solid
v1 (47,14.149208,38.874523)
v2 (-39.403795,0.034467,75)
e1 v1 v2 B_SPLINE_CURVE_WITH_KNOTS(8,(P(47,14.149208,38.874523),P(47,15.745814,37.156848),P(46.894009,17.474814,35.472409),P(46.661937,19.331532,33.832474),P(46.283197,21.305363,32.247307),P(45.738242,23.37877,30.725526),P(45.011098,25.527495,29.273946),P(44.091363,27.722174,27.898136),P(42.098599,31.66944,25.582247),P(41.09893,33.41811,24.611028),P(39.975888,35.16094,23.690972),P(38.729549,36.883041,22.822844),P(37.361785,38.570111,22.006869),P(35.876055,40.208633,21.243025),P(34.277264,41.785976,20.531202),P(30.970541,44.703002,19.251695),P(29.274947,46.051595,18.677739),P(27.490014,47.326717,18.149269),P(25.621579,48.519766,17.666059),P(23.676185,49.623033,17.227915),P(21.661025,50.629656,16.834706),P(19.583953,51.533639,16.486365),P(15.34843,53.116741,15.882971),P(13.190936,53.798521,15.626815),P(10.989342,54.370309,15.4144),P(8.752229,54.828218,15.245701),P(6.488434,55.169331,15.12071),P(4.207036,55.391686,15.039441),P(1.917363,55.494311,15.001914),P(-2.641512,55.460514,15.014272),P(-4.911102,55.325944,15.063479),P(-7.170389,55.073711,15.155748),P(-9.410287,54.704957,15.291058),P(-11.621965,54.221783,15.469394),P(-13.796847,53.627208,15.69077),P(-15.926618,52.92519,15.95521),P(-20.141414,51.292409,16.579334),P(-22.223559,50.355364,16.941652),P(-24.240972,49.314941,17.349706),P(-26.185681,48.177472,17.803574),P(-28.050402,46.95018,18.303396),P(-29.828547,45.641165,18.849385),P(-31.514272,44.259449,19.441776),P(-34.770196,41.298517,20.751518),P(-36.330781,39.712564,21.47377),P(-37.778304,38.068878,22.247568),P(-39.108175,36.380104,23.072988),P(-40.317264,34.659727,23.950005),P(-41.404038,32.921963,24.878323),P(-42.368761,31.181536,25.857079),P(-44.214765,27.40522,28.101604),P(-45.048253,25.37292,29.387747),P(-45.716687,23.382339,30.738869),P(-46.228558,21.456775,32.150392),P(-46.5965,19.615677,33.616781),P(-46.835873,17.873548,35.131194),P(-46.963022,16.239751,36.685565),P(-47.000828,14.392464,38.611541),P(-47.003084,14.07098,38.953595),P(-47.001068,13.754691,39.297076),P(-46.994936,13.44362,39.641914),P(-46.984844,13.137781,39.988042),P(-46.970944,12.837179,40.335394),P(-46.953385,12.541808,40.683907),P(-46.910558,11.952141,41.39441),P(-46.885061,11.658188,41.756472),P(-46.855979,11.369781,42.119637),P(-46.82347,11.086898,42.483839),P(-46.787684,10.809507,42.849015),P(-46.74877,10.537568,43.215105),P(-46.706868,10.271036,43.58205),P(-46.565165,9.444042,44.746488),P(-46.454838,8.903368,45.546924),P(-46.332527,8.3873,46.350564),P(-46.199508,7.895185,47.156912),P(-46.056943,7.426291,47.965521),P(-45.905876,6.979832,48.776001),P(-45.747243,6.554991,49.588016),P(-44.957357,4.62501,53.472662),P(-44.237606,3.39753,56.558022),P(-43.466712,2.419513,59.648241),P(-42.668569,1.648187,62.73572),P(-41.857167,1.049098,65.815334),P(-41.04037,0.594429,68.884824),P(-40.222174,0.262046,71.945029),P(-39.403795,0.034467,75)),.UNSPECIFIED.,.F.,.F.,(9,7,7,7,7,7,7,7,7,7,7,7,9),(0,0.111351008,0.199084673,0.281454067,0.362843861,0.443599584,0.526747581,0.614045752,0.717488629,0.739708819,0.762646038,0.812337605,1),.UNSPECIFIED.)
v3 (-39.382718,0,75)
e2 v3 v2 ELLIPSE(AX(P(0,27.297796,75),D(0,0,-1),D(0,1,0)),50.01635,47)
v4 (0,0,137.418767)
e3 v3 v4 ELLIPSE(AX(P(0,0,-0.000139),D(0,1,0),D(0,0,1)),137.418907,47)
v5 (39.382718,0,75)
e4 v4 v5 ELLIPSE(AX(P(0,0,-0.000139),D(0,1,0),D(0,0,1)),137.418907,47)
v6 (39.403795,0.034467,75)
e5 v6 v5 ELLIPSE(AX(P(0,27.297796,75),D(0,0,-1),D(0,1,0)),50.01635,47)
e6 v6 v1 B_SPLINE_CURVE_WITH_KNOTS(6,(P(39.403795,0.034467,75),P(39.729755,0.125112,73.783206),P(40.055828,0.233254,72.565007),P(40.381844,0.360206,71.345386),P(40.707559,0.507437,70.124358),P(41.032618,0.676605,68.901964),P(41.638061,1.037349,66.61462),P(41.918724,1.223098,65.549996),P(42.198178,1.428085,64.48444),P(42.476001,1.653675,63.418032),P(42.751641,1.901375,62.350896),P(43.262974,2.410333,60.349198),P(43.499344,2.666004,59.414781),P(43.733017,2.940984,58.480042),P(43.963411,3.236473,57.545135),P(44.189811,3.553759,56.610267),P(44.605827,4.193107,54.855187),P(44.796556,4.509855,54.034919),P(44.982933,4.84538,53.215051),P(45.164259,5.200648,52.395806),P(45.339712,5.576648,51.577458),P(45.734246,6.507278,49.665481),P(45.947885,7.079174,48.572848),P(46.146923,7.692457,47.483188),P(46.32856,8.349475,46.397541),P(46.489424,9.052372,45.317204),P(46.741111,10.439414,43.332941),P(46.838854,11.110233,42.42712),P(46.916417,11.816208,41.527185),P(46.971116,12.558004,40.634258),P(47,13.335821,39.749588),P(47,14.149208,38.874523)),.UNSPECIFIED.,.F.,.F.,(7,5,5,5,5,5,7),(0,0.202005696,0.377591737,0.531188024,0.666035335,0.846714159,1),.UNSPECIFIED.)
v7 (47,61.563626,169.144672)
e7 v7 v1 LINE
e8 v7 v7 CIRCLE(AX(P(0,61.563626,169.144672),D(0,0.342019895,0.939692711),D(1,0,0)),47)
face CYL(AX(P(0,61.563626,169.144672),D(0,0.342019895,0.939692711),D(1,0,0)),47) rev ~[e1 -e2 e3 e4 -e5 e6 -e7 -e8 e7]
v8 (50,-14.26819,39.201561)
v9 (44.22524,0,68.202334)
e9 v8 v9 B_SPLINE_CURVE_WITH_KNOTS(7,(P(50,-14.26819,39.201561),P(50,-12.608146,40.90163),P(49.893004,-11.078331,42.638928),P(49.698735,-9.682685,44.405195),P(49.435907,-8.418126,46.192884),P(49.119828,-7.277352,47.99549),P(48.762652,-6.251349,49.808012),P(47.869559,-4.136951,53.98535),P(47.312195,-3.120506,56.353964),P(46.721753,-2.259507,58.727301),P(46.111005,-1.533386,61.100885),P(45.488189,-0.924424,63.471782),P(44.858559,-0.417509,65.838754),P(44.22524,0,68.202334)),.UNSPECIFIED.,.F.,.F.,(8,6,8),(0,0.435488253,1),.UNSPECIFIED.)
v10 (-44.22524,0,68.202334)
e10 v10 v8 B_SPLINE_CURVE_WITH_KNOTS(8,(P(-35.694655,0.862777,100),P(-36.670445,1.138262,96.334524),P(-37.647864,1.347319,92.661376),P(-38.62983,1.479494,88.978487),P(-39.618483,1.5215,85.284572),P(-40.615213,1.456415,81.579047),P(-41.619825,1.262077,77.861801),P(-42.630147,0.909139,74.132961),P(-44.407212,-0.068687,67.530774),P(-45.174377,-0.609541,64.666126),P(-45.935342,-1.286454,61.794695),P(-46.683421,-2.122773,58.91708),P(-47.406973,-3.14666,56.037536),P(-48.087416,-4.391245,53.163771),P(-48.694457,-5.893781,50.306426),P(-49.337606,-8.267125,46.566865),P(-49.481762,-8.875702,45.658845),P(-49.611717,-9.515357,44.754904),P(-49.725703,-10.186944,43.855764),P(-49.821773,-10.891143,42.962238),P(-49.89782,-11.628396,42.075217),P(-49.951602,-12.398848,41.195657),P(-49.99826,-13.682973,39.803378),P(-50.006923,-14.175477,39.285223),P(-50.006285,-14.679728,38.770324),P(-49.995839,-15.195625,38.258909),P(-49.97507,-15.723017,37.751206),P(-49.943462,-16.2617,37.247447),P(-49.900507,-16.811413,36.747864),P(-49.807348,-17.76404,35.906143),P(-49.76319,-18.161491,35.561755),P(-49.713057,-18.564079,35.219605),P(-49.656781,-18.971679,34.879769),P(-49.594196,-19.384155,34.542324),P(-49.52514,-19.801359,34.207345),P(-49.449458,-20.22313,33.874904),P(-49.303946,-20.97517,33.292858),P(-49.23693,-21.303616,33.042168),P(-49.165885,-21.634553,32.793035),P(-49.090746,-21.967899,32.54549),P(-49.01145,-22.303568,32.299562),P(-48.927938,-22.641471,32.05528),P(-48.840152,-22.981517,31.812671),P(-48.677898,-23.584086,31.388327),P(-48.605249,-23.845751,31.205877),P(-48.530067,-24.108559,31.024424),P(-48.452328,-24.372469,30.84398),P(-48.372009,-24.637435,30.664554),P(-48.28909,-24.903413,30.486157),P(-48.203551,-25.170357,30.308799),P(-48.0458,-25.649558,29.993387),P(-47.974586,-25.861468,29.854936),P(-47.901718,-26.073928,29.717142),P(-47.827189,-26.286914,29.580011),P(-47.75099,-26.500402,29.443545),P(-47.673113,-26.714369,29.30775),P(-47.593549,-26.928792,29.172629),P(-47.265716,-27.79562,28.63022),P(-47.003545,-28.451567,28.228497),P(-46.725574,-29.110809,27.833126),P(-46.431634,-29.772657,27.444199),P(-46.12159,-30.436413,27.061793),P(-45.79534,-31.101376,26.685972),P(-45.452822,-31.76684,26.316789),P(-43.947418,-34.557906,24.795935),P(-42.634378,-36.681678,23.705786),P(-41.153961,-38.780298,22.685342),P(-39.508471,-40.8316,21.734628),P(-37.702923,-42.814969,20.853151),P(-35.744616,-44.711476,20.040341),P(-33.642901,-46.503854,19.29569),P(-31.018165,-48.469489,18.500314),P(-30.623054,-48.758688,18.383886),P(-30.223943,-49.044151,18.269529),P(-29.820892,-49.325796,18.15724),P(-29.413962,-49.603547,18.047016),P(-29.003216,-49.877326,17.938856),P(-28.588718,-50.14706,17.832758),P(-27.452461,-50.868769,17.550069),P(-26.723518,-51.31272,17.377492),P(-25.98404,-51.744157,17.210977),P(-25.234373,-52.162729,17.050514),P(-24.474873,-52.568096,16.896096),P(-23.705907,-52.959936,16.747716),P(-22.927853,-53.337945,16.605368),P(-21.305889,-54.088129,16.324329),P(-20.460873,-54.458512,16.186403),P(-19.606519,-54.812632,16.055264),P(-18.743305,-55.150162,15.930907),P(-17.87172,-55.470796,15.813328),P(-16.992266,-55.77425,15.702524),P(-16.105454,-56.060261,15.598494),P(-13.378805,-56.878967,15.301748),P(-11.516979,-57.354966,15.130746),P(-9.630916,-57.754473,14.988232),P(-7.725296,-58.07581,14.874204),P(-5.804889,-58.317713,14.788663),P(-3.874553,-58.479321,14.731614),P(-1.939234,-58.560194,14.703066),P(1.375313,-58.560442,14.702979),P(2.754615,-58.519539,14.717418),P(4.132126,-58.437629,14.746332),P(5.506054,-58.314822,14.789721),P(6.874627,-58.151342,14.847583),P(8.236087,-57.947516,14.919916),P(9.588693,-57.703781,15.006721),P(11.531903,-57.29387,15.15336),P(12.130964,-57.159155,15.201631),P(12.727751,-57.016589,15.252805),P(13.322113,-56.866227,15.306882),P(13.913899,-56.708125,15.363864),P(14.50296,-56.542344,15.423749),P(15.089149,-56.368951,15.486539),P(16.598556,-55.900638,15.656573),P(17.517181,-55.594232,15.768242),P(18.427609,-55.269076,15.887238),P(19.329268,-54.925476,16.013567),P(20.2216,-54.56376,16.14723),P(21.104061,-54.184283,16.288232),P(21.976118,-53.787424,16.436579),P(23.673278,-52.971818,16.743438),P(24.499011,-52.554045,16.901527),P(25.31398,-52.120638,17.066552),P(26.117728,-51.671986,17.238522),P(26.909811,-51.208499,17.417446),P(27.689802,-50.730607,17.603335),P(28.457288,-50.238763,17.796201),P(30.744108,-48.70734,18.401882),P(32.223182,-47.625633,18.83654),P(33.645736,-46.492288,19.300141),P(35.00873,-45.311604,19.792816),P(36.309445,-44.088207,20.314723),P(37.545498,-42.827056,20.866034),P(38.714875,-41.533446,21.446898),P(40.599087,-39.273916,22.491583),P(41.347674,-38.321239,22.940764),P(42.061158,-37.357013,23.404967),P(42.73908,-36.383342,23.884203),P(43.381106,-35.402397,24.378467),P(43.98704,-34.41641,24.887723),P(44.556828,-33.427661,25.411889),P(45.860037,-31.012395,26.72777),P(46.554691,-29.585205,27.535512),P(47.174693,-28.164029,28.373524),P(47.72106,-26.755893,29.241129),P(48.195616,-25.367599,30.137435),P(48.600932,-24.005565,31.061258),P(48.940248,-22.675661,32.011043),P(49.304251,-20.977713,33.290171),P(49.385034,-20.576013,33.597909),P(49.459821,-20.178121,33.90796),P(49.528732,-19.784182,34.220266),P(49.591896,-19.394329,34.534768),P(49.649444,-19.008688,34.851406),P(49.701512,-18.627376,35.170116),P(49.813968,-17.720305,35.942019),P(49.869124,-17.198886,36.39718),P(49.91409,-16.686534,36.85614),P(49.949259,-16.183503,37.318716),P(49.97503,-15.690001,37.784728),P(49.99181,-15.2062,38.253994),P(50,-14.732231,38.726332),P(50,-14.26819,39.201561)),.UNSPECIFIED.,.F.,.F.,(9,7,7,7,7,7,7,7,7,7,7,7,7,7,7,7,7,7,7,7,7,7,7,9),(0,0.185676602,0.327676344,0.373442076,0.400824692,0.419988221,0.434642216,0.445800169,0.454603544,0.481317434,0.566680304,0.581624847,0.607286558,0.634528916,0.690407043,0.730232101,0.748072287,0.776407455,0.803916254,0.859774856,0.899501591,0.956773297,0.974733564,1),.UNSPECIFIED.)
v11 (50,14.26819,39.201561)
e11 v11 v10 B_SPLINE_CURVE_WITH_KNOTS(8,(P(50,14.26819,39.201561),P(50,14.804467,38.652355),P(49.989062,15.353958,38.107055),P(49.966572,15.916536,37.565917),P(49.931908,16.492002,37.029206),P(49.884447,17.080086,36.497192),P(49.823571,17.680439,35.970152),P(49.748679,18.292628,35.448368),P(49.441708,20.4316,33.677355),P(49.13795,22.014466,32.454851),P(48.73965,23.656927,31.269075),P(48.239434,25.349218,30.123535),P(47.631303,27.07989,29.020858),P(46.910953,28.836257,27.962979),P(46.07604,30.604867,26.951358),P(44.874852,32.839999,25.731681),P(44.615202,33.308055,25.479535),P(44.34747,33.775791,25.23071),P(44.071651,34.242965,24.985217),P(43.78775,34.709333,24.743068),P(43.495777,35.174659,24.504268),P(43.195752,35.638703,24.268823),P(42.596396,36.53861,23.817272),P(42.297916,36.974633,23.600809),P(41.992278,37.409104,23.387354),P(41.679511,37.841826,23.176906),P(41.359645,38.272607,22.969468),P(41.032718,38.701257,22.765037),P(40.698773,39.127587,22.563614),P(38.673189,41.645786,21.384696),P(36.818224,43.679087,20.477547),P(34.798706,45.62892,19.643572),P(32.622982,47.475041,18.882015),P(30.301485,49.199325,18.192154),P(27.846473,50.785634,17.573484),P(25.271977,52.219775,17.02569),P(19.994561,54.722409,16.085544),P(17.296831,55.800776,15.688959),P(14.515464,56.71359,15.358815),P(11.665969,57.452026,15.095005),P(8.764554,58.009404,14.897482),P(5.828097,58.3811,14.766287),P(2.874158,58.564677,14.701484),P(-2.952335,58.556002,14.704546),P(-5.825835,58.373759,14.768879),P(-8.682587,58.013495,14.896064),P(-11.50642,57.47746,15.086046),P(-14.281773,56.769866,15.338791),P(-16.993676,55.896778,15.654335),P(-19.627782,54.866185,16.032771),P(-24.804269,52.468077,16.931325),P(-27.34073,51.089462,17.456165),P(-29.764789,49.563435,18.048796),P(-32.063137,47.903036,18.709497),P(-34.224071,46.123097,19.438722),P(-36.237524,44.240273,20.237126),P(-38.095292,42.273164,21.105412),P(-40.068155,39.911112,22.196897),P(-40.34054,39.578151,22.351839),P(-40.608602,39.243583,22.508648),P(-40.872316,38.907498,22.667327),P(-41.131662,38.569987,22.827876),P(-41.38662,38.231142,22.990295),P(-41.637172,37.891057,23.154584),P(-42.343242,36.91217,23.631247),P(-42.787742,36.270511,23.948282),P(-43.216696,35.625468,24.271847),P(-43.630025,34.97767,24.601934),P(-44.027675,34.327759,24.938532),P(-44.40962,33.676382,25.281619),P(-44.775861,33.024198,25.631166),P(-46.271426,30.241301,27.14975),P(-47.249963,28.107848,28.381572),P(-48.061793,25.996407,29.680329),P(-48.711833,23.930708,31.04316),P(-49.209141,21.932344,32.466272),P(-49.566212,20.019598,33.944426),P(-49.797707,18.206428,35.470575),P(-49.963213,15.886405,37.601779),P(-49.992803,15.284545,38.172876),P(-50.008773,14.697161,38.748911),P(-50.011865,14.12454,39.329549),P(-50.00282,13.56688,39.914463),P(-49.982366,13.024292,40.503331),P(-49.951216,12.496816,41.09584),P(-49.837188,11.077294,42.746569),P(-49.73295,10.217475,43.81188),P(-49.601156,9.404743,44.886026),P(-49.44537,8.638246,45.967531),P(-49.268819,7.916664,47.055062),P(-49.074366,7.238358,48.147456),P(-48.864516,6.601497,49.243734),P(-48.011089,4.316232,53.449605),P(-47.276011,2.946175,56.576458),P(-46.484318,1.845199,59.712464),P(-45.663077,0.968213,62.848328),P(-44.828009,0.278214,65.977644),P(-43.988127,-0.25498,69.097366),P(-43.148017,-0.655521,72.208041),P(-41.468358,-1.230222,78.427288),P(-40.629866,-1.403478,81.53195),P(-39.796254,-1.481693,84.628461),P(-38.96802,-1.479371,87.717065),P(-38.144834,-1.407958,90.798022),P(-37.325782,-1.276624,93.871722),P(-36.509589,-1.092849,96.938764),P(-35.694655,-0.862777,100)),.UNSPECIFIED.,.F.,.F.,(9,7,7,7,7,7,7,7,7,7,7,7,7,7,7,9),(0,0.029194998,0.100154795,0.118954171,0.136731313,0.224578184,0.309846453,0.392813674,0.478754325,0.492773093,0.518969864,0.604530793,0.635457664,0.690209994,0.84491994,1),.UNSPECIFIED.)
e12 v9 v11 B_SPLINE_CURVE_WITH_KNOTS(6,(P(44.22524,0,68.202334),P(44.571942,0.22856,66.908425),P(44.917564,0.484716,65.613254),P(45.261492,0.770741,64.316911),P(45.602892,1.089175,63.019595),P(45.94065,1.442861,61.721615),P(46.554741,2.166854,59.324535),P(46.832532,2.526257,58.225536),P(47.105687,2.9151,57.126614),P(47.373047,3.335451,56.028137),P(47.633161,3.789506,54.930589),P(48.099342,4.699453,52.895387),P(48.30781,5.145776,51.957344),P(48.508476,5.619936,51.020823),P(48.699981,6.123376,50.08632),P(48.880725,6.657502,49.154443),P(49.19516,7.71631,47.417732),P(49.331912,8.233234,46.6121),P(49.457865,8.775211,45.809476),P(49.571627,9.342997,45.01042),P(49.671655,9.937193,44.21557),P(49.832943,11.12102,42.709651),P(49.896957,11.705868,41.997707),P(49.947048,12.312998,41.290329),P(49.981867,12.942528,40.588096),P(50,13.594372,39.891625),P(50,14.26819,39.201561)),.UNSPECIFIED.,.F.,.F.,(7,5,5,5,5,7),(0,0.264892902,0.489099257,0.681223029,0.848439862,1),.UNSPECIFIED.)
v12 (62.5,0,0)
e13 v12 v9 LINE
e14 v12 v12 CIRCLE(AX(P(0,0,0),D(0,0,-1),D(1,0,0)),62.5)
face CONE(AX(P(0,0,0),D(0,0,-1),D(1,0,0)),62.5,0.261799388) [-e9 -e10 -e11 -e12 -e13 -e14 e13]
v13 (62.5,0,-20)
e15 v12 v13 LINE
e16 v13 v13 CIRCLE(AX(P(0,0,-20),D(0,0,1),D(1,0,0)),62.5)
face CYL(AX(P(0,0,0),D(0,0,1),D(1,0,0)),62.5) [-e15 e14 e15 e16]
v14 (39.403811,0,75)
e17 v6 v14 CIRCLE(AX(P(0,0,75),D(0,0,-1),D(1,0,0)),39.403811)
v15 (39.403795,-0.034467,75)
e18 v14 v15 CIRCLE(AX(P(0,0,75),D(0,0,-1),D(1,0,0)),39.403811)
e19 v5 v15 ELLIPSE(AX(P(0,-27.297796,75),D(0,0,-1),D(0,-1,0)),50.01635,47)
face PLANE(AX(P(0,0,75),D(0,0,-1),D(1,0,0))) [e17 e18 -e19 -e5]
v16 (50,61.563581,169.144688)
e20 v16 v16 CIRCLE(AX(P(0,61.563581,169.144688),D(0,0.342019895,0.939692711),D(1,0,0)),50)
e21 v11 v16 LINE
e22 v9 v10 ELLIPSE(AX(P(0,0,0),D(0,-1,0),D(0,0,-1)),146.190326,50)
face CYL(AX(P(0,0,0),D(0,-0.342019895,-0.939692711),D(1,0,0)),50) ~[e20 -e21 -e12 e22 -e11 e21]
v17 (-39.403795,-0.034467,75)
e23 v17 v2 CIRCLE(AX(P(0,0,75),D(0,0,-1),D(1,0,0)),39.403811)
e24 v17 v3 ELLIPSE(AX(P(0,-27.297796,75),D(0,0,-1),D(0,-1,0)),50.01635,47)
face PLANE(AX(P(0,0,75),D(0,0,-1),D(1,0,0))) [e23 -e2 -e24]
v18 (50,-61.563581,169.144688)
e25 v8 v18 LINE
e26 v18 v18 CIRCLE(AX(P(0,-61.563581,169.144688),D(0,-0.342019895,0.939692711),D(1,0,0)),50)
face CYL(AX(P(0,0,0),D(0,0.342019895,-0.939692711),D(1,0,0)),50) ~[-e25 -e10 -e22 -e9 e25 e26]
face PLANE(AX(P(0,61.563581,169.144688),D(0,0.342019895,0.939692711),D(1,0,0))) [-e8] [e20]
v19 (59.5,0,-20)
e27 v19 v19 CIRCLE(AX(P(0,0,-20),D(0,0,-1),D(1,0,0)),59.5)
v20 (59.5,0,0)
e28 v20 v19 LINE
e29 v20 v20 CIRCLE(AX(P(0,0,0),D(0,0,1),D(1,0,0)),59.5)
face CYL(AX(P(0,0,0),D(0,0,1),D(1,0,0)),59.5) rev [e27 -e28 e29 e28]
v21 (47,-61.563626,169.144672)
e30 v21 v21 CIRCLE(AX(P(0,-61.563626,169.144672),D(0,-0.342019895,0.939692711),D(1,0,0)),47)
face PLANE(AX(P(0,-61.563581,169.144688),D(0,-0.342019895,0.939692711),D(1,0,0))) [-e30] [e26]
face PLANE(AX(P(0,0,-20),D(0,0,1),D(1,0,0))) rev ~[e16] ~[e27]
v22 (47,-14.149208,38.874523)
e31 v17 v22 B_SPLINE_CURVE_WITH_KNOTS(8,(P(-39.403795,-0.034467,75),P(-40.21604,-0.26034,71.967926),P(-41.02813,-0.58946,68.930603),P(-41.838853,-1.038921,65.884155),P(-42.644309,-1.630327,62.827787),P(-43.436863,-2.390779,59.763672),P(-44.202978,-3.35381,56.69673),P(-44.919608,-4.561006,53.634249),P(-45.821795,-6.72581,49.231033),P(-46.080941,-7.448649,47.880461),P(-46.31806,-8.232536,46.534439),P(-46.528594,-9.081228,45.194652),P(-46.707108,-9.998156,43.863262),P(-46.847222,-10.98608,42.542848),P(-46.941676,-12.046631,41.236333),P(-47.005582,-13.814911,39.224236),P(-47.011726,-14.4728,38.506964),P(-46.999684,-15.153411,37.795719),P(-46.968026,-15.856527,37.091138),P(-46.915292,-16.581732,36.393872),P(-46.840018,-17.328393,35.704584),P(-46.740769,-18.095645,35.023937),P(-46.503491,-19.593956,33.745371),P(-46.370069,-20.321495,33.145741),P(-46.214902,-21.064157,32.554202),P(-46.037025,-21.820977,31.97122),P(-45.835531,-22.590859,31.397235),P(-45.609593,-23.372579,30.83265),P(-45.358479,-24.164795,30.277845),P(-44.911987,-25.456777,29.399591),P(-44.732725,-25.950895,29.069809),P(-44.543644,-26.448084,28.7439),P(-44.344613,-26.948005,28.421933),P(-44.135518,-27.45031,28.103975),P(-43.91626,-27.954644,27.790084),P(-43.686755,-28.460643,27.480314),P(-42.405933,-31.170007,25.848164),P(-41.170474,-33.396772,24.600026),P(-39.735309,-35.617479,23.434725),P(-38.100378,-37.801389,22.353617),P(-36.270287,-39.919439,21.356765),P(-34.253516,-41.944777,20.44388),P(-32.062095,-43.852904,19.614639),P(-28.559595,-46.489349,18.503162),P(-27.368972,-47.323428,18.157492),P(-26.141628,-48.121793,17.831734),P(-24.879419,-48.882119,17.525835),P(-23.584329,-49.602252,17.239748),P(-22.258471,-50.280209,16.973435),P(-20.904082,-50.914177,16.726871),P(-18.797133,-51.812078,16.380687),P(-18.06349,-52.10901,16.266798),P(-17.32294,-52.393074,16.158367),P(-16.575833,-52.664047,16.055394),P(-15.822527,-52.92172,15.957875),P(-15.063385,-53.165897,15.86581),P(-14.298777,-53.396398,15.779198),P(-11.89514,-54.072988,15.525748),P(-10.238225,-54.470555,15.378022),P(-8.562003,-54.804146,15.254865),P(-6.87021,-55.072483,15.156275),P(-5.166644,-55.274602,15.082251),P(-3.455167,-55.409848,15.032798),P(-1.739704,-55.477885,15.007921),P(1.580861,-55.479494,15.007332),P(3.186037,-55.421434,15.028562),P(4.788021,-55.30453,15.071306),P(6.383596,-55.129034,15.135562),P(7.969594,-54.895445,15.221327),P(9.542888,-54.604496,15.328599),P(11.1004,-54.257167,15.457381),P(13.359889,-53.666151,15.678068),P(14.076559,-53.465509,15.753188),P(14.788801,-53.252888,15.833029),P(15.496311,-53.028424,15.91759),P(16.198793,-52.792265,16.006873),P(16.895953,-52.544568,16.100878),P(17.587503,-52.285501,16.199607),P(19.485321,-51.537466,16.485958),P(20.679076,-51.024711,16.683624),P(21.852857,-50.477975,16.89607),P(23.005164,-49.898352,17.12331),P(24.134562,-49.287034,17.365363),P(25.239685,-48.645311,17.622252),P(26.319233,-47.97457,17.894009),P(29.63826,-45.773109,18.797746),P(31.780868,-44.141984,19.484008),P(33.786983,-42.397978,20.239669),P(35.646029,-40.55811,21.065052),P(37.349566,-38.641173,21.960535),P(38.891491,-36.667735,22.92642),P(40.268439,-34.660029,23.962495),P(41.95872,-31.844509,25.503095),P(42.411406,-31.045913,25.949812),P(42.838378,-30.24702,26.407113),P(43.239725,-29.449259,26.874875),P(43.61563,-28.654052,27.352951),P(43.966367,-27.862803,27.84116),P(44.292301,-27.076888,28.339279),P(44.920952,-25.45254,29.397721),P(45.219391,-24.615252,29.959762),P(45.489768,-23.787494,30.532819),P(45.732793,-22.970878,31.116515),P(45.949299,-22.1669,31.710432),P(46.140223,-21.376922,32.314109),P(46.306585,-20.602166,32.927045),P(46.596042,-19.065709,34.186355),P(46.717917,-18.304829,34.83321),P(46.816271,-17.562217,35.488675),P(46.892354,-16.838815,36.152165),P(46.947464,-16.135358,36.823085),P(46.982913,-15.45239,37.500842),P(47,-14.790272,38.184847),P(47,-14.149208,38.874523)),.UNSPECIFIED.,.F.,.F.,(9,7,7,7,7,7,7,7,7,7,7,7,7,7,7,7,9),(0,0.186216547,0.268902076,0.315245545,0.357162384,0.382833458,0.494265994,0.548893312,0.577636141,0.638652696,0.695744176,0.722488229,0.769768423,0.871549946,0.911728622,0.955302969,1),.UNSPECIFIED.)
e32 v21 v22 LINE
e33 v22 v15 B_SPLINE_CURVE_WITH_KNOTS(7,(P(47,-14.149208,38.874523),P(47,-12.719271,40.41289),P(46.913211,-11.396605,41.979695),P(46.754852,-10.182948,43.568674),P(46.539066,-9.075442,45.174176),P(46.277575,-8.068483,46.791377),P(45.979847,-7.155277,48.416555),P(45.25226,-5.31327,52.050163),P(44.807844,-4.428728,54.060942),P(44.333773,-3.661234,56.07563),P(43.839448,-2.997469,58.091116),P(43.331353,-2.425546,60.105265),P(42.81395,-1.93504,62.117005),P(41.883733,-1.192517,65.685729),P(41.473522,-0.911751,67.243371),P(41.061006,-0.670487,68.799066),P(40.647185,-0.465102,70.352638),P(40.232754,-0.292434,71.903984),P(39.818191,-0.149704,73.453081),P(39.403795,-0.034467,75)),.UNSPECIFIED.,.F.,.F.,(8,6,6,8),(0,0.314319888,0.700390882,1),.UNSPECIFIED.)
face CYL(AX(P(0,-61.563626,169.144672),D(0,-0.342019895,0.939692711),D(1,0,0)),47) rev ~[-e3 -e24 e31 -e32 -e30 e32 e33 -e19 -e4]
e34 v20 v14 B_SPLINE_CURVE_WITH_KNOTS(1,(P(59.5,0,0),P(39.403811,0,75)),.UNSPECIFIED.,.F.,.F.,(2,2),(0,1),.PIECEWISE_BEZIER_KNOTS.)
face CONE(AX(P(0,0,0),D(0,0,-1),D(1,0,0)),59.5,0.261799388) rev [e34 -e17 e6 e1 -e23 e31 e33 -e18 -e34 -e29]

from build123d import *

# Parameters (mm, degrees)
SKETCH_R        = 62.5
PAD_DEPTH       = 100
PAD_TAPER       = 15
SKETCH001_R     = 50
PAD001_DEPTH    = 180
SKETCH002_R     = 50
PAD002_DEPTH    = 180
SKETCH003_R     = 47
POCKET_DEPTH    = 233.196381
SKETCH004_R     = 47
POCKET001_DEPTH = 233.196381
SKETCH005_R     = 59.5
POCKET002_DEPTH = 75
POCKET002_TAPER = 15
PAD003_DEPTH    = 20
POCKET003_DEPTH = 20


with BuildPart() as part:
    # Sketch → Pad (new body)
    with BuildSketch(Plane.XY):
        Circle(SKETCH_R)
    extrude(amount=PAD_DEPTH, taper=PAD_TAPER)

    # Sketch001 (on DatumPlane) → Pad001 (join)
    with BuildSketch(Plane(origin=(0, 0, 0), x_dir=(1, 0, 0), z_dir=(0, 0.34202, 0.939693))):
        Circle(SKETCH001_R)
    extrude(amount=PAD001_DEPTH)

    # Sketch002 (on DatumPlane) → Pad002 (join)
    with BuildSketch(Plane(origin=(0, 0, 0), x_dir=(1, 0, 0), z_dir=(0, -0.34202, 0.939693))):
        Circle(SKETCH002_R)
    extrude(amount=PAD002_DEPTH)

    # Sketch003 (on Face7 of Pad002) → Pocket (cut, through all)
    with BuildSketch(Plane(origin=(0, 61.563626, 169.144672), x_dir=(1, 0, 0), z_dir=(0, 0.34202, 0.939693))):
        Circle(SKETCH003_R)
    extrude(amount=-POCKET_DEPTH, mode=Mode.SUBTRACT)

    # Sketch004 (on Face8 of Pocket) → Pocket001 (cut, through all)
    with BuildSketch(Plane(origin=(0, -61.563626, 169.144672), x_dir=(1, 0, 0), z_dir=(0, -0.34202, 0.939693))):
        Circle(SKETCH004_R)
    extrude(amount=-POCKET001_DEPTH, mode=Mode.SUBTRACT)

    # Sketch005 (on Face2 of Pocket001) → Pocket002 (cut)
    with BuildSketch(Plane(origin=(0, 0, 0), x_dir=(1, 0, 0), z_dir=(0, 0, -1))):
        Circle(SKETCH005_R)
    extrude(amount=-POCKET002_DEPTH, taper=POCKET002_TAPER, mode=Mode.SUBTRACT)

    # Sketch → Pad003 (join)
    with BuildSketch(Plane.XY):
        Circle(SKETCH_R)
    extrude(amount=-PAD003_DEPTH)

    # Sketch005 (on Face2 of Pocket001) → Pocket003 (cut)
    with BuildSketch(Plane(origin=(0, 0, 0), x_dir=(1, 0, 0), z_dir=(0, 0, -1))):
        Circle(SKETCH005_R)
    extrude(amount=POCKET003_DEPTH, mode=Mode.SUBTRACT)


solid = part.part
